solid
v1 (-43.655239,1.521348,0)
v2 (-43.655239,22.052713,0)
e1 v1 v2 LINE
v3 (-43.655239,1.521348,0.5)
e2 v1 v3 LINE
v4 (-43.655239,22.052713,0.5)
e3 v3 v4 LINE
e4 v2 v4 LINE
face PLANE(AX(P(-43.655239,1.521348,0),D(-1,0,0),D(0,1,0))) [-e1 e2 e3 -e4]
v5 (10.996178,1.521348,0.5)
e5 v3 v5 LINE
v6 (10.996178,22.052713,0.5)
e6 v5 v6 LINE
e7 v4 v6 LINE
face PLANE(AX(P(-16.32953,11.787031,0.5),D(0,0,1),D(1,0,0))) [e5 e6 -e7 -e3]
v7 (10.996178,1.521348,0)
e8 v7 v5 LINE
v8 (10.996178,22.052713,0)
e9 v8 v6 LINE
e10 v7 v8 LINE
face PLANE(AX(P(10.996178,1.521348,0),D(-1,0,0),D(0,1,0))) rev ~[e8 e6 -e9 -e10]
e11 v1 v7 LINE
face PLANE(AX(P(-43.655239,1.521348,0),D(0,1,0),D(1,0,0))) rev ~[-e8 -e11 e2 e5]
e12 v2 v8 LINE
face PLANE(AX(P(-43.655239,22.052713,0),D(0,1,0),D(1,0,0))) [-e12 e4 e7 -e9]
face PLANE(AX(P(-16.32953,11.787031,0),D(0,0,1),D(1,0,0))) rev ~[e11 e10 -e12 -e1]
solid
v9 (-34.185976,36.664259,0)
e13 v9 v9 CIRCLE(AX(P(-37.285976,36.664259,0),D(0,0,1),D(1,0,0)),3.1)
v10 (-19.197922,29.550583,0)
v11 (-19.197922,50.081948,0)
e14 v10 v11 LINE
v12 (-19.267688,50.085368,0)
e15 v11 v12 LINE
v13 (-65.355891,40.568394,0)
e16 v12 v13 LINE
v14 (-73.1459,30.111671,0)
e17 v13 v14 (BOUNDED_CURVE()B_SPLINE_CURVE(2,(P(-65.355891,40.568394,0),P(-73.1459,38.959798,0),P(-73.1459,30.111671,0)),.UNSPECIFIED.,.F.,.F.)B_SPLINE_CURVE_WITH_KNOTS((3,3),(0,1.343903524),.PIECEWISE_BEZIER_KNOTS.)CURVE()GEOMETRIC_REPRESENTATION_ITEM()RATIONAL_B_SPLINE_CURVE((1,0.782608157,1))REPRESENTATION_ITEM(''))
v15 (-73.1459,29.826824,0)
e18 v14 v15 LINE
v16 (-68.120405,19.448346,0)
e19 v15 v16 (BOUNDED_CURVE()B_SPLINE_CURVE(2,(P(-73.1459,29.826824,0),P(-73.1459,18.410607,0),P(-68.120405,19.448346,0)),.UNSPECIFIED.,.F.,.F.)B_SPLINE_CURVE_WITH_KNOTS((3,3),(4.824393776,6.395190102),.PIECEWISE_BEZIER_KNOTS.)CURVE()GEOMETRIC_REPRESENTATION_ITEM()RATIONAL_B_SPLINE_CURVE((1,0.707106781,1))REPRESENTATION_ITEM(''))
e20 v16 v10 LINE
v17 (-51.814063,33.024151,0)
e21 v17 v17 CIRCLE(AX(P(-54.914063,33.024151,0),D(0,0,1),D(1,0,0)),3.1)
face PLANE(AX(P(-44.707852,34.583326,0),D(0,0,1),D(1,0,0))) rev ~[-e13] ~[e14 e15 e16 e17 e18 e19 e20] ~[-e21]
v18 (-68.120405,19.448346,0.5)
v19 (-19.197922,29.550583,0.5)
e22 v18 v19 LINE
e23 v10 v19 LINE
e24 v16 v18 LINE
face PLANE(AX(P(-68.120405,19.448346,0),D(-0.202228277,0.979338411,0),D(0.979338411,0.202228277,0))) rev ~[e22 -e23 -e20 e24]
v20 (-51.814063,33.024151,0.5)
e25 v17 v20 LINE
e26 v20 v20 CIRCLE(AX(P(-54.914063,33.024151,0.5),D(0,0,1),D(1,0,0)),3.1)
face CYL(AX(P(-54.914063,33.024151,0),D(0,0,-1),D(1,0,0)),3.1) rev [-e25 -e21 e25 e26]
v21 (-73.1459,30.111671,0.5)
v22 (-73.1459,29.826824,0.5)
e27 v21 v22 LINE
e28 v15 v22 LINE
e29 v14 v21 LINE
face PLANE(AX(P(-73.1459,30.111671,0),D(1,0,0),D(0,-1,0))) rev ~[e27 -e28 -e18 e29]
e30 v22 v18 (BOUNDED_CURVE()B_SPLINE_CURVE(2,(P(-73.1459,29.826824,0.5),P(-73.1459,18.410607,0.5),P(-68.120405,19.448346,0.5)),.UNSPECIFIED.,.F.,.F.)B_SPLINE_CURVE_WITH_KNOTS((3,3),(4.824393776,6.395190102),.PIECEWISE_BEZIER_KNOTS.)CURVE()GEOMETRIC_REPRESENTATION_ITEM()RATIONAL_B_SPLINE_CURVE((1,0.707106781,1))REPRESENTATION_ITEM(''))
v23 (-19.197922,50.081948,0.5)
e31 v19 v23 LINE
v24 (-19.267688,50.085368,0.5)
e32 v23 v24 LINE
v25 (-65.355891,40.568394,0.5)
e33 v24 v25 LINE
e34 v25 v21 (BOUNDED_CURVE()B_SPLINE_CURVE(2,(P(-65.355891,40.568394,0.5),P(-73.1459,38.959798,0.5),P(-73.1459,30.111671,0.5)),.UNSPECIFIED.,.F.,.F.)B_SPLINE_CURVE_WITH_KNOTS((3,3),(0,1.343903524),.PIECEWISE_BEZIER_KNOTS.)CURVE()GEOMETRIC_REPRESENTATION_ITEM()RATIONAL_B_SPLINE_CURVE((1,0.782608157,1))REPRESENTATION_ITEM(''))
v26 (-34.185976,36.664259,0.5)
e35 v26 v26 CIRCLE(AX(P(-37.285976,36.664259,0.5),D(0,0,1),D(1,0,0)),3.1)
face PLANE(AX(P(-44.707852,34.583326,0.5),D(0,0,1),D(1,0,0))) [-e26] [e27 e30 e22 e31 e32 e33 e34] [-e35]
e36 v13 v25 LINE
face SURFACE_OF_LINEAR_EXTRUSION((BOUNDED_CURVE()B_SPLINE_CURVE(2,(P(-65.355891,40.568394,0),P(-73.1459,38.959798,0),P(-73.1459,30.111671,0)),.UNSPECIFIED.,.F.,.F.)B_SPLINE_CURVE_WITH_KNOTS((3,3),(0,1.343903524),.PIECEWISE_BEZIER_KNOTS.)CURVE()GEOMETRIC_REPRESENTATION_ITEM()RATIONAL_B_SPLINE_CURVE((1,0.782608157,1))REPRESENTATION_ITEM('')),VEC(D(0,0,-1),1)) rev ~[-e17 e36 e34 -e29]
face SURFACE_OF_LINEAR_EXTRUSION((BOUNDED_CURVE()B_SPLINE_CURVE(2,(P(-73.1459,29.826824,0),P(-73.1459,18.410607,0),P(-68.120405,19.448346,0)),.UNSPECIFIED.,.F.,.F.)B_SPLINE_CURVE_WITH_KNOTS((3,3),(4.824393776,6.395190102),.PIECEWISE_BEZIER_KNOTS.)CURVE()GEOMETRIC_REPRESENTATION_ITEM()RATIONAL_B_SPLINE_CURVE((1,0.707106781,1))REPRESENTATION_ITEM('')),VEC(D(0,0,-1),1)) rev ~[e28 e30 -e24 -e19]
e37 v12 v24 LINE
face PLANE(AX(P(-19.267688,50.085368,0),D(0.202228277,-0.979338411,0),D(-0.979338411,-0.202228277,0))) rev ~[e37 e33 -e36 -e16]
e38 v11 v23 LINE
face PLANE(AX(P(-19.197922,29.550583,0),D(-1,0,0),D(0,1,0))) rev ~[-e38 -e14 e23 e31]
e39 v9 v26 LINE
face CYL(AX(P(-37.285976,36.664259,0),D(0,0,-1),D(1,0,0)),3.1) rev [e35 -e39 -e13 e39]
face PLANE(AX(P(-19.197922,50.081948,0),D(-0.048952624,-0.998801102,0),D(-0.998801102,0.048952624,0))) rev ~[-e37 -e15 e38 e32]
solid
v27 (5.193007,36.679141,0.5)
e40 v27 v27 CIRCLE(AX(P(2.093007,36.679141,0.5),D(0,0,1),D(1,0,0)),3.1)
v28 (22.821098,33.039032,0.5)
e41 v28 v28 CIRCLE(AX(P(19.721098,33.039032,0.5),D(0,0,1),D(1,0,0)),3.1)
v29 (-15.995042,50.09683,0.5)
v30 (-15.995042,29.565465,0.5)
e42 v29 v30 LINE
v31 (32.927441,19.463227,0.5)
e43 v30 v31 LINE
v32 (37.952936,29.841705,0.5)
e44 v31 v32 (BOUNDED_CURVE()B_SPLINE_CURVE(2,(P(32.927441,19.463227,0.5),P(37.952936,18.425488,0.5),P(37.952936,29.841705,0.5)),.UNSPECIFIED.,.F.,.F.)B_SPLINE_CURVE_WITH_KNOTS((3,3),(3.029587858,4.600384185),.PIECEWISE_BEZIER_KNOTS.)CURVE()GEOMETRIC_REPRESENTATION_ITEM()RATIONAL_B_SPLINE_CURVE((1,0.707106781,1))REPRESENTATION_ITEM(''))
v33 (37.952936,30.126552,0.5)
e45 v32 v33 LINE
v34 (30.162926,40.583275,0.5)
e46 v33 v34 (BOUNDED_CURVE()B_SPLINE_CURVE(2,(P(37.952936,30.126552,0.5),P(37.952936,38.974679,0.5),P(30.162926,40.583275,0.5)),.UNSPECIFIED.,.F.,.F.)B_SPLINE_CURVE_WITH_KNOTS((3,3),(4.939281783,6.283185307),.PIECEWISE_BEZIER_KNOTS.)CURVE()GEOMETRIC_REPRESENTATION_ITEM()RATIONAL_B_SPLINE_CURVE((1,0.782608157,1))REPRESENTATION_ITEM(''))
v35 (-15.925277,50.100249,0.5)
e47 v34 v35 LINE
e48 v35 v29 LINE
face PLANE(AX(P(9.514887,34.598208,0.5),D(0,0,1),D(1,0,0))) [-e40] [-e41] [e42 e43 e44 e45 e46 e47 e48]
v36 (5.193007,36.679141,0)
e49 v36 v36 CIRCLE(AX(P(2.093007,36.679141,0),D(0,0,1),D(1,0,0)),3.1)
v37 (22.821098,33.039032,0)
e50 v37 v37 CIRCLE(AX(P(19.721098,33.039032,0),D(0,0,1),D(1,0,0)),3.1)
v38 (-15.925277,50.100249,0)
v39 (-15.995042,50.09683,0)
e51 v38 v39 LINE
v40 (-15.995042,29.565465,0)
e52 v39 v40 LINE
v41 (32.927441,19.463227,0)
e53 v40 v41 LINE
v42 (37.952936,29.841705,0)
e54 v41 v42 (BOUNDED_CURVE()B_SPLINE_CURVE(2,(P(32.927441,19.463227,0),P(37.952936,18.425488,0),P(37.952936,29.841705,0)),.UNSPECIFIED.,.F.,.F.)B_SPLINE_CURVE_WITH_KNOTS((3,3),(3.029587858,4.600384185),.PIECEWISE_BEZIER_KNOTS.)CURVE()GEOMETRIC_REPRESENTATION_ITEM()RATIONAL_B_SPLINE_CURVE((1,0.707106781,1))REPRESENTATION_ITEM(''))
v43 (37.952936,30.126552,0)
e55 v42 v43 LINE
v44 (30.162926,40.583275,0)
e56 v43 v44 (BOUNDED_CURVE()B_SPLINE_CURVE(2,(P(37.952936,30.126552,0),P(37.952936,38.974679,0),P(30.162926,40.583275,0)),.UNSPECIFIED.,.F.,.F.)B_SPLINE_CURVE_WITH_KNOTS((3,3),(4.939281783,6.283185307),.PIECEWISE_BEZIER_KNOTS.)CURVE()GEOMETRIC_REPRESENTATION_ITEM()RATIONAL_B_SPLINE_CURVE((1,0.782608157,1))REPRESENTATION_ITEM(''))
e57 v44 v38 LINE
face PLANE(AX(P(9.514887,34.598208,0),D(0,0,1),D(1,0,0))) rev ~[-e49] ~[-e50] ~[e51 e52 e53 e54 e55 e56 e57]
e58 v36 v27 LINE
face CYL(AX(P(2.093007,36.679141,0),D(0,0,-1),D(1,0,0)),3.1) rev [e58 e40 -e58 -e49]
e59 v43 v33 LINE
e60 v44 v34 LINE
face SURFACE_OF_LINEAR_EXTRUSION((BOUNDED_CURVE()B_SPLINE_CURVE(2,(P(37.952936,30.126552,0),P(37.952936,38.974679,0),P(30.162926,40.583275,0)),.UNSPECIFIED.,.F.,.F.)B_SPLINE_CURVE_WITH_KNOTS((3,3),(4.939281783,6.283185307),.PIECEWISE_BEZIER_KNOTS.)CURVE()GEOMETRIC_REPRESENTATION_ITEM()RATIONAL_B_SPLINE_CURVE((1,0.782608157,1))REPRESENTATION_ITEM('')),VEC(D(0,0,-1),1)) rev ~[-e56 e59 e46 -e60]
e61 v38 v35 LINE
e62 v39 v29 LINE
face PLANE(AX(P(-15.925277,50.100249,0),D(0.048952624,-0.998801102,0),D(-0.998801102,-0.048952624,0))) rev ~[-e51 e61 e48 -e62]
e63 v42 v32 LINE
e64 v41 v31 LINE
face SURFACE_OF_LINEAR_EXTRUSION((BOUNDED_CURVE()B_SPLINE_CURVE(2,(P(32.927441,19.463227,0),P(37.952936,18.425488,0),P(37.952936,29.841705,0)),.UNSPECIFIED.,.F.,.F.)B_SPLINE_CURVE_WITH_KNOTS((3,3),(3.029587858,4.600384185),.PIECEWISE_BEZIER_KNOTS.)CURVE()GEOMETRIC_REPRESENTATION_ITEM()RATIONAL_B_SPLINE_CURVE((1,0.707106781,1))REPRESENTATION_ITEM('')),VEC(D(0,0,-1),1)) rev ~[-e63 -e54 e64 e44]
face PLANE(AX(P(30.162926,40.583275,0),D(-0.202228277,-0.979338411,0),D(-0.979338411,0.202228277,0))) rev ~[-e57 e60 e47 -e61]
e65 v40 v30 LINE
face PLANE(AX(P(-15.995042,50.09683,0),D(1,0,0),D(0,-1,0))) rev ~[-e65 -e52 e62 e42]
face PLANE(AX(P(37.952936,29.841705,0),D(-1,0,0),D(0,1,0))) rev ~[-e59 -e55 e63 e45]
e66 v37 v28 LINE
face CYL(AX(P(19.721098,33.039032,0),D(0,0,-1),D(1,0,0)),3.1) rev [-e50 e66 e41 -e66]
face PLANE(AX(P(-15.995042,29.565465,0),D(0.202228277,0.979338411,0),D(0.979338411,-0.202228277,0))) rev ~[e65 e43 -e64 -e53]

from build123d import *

# Parameters (mm, degrees)
F0_W     = 54.6514175418
F0_H     = 20.5313651892
F1_DEPTH = 0.5
F0_R     = 3.1


with BuildPart() as f1:
    # F0 (on Top) → F1 (new body)
    with BuildSketch(Plane.XY):
        with Locations((-16.3295302747, 11.7870307329)):
            Rectangle(F0_W, F0_H)
    extrude(amount=F1_DEPTH)


with BuildPart() as f1b:
    # F0 (on Top) → F1, piece 2 (new body)
    with BuildSketch(Plane.XY):
        with BuildLine():
            Line((-15.9252768231, 50.1002492018), (-15.9950423984, 50.0968298944))
            Line((-15.9950423984, 50.0968298944), (-15.9950423984, 29.5654647052))
            Line((-15.9950423987, 29.5654647053), (32.9274407181, 19.4632269413))
            add(Edge.make_bspline(
                [(32.9274407182, 19.4632269413), (37.9529358903, 18.4254883828), (37.9529358903, 29.8417054517)],
                knots=[3.0295878582, 3.0295878582, 3.0295878582, 4.600384185, 4.600384185, 4.600384185], degree=2, weights=[1, 0.7071067812, 1]))
            Line((37.9529358903, 29.8417054517), (37.9529358903, 30.1265521042))
            add(Edge.make_bspline(
                [(37.9529358903, 30.1265521043), (37.9529358903, 38.974679107), (30.1629264211, 40.5832754584)],
                knots=[4.9392817831, 4.9392817831, 4.9392817831, 6.2831853072, 6.2831853072, 6.2831853072], degree=2, weights=[1, 0.7826081569, 1]))
            Line((30.1629264207, 40.5832754584), (-15.9252768231, 50.1002492018))
        make_face()
        with Locations((2.0930070391, 36.6791412847)):
            Circle(F0_R, mode=Mode.SUBTRACT)
        with Locations((19.7210984426, 33.0390322931)):
            Circle(F0_R, mode=Mode.SUBTRACT)
    extrude(amount=F1_DEPTH)


with BuildPart() as f1c:
    # F0 (on Top) → F1, piece 3 (new body)
    with BuildSketch(Plane.XY):
        with BuildLine():
            Line((-68.1204050776, 19.4483455271), (-19.1979219609, 29.5505832911))
            Line((-19.1979219612, 29.550583291), (-19.197921961, 50.0819484802))
            Line((-19.197921961, 50.0819484802), (-19.2676875364, 50.0853677876))
            Line((-19.2676875363, 50.0853677876), (-65.3558907805, 40.5683940442))
            add(Edge.make_bspline(
                [(-65.3558907805, 40.5683940442), (-73.1459002498, 38.9597976928), (-73.1459002498, 30.1116706901)],
                knots=[0, 0, 0, 1.343903524, 1.343903524, 1.343903524], degree=2, weights=[1, 0.7826081569, 1]))
            Line((-73.1459002498, 30.11167069), (-73.1459002498, 29.8268240375))
            add(Edge.make_bspline(
                [(-73.1459002498, 29.8268240376), (-73.1459002498, 18.4106069688), (-68.1204050777, 19.4483455271)],
                knots=[4.8243937758, 4.8243937758, 4.8243937758, 6.3951901025, 6.3951901025, 6.3951901025], degree=2, weights=[1, 0.7071067812, 1]))
        make_face()
        with Locations((-54.914062802, 33.024150879)):
            Circle(F0_R, mode=Mode.SUBTRACT)
        with Locations((-37.2859756521, 36.6642589922)):
            Circle(F0_R, mode=Mode.SUBTRACT)
    extrude(amount=F1_DEPTH)


solid = Compound([f1.part, f1b.part, f1c.part])
